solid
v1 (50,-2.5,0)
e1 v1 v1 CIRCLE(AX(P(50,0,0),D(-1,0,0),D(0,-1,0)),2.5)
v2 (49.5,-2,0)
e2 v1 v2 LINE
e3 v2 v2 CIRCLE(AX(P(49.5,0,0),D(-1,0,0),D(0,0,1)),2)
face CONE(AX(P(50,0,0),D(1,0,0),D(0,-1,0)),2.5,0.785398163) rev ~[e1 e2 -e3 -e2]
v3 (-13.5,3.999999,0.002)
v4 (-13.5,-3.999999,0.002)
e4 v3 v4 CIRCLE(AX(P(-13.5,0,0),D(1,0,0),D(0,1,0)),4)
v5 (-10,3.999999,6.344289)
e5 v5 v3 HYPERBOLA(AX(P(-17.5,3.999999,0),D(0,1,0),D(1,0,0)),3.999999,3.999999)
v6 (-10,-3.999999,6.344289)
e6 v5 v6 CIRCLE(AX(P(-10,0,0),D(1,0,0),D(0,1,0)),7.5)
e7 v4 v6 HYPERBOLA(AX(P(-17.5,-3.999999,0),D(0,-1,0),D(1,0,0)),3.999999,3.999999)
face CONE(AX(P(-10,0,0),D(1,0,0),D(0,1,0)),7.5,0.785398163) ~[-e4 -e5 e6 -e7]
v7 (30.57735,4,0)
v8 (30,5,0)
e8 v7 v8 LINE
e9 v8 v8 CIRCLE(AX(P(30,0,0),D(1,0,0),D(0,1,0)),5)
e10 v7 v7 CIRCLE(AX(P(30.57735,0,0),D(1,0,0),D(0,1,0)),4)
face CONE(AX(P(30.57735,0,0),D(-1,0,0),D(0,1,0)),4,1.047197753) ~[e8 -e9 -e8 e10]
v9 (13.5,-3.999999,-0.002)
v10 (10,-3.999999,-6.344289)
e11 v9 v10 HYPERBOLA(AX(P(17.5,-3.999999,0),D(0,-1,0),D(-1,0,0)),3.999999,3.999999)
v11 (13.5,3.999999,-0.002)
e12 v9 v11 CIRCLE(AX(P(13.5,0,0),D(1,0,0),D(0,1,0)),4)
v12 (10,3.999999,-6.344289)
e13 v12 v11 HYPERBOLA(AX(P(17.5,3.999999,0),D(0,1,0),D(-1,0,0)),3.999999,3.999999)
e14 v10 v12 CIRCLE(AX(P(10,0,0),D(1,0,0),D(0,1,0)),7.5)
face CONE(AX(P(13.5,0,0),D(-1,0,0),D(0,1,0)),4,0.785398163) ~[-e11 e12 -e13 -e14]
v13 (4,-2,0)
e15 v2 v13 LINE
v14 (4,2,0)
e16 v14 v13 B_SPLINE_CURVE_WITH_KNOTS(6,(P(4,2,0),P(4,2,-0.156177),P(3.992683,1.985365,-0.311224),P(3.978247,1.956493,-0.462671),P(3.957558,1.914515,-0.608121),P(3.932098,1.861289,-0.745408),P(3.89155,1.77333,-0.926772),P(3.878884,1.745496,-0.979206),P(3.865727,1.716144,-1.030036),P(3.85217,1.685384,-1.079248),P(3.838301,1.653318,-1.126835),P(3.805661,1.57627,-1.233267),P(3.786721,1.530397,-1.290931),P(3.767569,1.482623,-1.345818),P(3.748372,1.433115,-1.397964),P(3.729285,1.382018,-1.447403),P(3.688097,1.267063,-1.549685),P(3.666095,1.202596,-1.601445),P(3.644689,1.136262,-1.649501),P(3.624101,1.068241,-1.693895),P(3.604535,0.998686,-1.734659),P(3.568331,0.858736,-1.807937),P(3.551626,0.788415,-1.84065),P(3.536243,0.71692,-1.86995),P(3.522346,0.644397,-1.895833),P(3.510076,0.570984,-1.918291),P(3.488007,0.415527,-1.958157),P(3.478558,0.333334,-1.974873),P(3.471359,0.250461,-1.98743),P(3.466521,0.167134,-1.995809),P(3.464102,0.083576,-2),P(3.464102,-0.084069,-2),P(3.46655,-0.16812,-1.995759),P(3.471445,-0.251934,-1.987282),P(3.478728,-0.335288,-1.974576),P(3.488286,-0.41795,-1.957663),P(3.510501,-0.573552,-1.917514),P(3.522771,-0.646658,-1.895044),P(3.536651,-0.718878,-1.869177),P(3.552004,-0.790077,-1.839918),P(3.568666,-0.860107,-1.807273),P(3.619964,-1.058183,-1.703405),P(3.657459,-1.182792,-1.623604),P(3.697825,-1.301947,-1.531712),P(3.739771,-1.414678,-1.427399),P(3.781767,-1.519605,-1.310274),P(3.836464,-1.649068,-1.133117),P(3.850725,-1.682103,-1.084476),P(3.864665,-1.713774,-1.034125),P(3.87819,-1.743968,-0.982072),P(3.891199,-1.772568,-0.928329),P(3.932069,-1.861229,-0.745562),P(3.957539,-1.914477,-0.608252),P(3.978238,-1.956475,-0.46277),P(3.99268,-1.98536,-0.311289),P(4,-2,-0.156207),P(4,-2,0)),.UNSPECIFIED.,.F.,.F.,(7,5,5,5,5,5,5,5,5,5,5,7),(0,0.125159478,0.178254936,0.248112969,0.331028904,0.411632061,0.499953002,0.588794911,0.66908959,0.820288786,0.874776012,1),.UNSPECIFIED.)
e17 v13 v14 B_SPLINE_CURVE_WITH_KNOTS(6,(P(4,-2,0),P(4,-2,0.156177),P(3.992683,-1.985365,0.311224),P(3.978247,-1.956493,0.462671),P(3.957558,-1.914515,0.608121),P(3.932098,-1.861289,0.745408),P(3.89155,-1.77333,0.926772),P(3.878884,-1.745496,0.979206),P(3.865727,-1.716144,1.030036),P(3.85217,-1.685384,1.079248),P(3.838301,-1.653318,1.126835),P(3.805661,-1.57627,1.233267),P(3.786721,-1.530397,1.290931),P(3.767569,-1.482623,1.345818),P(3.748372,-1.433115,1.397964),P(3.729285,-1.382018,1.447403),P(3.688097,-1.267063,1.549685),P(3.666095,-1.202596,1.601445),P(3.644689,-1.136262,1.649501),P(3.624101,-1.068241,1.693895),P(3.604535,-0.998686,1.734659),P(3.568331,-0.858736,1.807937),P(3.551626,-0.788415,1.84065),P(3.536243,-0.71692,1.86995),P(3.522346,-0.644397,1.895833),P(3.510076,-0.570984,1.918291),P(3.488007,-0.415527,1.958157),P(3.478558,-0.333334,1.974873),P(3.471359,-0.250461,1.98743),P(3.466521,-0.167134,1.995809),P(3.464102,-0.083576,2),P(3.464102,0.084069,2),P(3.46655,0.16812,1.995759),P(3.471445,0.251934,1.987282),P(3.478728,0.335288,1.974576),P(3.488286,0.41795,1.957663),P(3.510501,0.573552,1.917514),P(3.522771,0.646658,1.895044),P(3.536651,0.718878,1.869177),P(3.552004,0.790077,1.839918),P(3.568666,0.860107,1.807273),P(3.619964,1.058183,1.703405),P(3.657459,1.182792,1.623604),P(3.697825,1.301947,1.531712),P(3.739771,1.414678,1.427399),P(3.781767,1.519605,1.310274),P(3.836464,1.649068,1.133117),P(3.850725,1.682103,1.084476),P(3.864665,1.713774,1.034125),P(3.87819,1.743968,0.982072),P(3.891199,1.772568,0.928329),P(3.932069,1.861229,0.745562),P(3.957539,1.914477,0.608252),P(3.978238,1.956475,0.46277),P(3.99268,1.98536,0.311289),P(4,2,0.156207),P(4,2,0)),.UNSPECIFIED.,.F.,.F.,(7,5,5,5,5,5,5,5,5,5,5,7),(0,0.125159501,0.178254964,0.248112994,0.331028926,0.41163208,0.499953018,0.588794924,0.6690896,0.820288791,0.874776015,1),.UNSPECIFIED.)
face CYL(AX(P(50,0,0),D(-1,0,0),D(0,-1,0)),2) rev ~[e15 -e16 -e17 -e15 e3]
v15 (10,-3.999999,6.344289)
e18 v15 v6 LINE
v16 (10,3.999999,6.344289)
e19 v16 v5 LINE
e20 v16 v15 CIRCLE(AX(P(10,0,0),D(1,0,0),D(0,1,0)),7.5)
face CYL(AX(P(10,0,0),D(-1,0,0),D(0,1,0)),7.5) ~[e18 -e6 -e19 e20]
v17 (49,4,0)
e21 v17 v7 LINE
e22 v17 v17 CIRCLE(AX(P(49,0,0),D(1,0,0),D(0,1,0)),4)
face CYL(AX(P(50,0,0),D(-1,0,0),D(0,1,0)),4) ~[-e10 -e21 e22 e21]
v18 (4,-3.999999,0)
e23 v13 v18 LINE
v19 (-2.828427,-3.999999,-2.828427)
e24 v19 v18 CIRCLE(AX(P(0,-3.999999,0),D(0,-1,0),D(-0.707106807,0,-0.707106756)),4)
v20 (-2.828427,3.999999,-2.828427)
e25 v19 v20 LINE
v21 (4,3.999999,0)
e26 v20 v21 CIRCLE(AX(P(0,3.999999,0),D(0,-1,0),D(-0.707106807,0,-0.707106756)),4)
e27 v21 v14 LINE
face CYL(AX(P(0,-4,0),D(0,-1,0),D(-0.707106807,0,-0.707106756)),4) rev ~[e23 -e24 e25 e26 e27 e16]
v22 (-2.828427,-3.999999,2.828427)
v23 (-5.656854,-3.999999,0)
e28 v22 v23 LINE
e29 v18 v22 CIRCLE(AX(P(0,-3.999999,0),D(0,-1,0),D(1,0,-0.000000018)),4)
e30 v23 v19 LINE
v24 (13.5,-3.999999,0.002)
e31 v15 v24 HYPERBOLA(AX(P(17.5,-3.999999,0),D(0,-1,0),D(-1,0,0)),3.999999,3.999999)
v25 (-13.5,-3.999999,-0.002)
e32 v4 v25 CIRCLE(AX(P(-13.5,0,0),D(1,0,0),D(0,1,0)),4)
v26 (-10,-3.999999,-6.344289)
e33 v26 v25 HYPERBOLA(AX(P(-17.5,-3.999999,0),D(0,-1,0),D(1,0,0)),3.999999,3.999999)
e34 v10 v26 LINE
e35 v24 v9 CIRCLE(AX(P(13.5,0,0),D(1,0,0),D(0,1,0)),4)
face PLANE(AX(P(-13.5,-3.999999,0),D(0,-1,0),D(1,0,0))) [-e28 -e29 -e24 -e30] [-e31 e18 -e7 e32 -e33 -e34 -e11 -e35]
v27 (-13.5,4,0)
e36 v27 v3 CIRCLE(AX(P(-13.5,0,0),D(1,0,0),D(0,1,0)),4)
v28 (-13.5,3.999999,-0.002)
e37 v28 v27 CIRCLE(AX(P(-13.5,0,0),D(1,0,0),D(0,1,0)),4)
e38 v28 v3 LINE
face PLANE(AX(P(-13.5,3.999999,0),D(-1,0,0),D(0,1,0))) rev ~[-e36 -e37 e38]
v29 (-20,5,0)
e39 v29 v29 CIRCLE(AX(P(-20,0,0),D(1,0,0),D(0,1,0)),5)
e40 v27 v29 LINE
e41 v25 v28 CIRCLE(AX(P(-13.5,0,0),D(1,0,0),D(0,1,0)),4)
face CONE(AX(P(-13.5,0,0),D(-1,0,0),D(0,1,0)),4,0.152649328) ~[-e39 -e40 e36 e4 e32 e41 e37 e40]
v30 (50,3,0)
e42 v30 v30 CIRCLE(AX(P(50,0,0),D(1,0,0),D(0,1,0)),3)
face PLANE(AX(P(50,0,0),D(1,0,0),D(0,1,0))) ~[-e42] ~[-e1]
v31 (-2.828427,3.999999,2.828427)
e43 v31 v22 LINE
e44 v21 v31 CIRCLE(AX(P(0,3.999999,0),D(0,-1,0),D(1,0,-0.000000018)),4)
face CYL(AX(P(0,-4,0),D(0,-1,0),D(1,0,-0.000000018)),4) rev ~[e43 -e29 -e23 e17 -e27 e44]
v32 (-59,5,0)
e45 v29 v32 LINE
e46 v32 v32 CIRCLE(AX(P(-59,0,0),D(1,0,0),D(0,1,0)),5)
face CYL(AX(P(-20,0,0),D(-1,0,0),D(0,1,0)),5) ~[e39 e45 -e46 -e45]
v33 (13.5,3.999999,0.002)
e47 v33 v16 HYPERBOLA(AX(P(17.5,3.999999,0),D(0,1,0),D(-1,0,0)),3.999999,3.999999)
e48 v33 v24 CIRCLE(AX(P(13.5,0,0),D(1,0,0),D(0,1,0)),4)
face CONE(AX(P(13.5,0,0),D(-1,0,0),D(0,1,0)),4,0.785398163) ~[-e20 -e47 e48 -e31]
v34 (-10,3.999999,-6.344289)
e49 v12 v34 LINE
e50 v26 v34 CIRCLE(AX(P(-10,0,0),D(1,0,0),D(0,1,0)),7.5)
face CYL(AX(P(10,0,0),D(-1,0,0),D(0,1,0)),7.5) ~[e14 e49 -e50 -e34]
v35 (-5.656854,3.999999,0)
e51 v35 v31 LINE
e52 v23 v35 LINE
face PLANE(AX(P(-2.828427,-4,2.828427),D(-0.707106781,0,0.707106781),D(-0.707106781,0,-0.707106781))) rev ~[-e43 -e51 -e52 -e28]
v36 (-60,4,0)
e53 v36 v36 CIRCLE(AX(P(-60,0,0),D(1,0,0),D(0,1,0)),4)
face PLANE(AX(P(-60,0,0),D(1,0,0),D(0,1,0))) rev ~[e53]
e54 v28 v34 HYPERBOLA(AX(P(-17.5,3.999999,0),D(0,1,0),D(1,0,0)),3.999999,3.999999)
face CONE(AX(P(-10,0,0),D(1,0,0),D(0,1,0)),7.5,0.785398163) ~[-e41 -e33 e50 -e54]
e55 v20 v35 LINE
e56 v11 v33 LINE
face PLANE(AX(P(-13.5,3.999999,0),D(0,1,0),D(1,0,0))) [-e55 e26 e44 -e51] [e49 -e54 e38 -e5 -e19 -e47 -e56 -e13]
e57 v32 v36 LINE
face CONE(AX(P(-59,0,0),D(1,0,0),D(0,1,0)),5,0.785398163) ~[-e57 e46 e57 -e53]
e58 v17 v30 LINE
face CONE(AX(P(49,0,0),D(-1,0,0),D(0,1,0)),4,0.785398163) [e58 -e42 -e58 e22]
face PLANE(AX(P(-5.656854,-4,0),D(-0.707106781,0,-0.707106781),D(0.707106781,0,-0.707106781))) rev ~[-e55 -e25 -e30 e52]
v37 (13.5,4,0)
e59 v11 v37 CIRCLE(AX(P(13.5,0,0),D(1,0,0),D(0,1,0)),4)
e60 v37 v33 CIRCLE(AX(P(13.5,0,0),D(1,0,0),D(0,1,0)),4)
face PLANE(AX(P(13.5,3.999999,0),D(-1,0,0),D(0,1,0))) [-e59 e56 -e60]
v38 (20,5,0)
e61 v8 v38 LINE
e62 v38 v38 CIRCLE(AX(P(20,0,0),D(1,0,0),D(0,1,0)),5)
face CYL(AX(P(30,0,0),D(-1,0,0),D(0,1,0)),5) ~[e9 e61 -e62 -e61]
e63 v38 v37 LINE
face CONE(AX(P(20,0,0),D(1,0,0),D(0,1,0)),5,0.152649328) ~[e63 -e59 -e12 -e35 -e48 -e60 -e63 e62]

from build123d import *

# Parameters (mm, degrees)
F2_W           = 27
F2_H           = 10.543919
F3_DEPTH       = 12.5
F4_SIZE        = 1
F6_DEPTH       = 12.5
F8_D           = 4
F8_DEPTH       = 50
F8_CSINK_D     = 5
F8_CSINK_ANGLE = 90


with BuildPart() as f1:
    # F0 (on Top) → F1 (revolve)
    with BuildSketch(Plane.XY):
        Polygon((30.57735, 4), (30, 5), (20, 5), (13.5, 4), (10, 7.5), (0, 7.5), (-10, 7.5), (-13.5, 4), (-20, 5), (-60, 5), (-60, 0), (0, 0), (50, 0), (50, 4), align=None)
    revolve(axis=Axis((-30, 0, 0), (1, 0, 0)))

    # F2 (on Top) → F3 (cut, symmetric)
    with BuildSketch(Plane.XY):
        with Locations((0, 9.271959)):
            Rectangle(F2_W, F2_H)
        with Locations((0, -9.271959)):
            Rectangle(F2_W, F2_H)
    extrude(amount=F3_DEPTH, both=True, mode=Mode.SUBTRACT)

    # F4
    f4_edges = [f1.edges().sort_by_distance(p)[0] for p in [
        (-60, -5, 0),
        (50, -4, 0),
    ]]
    chamfer(f4_edges, length=F4_SIZE)

    # F5 (on face) → F6 (cut, symmetric)
    with BuildSketch(Plane.XZ.offset(4)):
        with BuildLine():
            ThreePointArc((-2.828427, -2.828427), (1.530734, -3.695518), (4, 0))
            ThreePointArc((4, 0), (1.530734, 3.695518), (-2.828427, 2.828427))
            ThreePointArc((-2.828427, 2.828427), (-4, 0), (-2.828427, -2.828427))
        make_face()
        with BuildLine():
            ThreePointArc((-2.828427, -2.828427), (-4, 0), (-2.828427, 2.828427))
            Line((-2.828427, 2.828427), (-5.656854, 0))
            Line((-5.656854, 0), (-2.828427, -2.828427))
        make_face()
    extrude(amount=F6_DEPTH, both=True, mode=Mode.SUBTRACT)

    # F8
    with Locations(Plane.YZ.offset(50)):
        with Locations((0, 0)):
            CounterSinkHole(F8_D / 2, F8_CSINK_D / 2, depth=F8_DEPTH, counter_sink_angle=F8_CSINK_ANGLE)


solid = f1.part
